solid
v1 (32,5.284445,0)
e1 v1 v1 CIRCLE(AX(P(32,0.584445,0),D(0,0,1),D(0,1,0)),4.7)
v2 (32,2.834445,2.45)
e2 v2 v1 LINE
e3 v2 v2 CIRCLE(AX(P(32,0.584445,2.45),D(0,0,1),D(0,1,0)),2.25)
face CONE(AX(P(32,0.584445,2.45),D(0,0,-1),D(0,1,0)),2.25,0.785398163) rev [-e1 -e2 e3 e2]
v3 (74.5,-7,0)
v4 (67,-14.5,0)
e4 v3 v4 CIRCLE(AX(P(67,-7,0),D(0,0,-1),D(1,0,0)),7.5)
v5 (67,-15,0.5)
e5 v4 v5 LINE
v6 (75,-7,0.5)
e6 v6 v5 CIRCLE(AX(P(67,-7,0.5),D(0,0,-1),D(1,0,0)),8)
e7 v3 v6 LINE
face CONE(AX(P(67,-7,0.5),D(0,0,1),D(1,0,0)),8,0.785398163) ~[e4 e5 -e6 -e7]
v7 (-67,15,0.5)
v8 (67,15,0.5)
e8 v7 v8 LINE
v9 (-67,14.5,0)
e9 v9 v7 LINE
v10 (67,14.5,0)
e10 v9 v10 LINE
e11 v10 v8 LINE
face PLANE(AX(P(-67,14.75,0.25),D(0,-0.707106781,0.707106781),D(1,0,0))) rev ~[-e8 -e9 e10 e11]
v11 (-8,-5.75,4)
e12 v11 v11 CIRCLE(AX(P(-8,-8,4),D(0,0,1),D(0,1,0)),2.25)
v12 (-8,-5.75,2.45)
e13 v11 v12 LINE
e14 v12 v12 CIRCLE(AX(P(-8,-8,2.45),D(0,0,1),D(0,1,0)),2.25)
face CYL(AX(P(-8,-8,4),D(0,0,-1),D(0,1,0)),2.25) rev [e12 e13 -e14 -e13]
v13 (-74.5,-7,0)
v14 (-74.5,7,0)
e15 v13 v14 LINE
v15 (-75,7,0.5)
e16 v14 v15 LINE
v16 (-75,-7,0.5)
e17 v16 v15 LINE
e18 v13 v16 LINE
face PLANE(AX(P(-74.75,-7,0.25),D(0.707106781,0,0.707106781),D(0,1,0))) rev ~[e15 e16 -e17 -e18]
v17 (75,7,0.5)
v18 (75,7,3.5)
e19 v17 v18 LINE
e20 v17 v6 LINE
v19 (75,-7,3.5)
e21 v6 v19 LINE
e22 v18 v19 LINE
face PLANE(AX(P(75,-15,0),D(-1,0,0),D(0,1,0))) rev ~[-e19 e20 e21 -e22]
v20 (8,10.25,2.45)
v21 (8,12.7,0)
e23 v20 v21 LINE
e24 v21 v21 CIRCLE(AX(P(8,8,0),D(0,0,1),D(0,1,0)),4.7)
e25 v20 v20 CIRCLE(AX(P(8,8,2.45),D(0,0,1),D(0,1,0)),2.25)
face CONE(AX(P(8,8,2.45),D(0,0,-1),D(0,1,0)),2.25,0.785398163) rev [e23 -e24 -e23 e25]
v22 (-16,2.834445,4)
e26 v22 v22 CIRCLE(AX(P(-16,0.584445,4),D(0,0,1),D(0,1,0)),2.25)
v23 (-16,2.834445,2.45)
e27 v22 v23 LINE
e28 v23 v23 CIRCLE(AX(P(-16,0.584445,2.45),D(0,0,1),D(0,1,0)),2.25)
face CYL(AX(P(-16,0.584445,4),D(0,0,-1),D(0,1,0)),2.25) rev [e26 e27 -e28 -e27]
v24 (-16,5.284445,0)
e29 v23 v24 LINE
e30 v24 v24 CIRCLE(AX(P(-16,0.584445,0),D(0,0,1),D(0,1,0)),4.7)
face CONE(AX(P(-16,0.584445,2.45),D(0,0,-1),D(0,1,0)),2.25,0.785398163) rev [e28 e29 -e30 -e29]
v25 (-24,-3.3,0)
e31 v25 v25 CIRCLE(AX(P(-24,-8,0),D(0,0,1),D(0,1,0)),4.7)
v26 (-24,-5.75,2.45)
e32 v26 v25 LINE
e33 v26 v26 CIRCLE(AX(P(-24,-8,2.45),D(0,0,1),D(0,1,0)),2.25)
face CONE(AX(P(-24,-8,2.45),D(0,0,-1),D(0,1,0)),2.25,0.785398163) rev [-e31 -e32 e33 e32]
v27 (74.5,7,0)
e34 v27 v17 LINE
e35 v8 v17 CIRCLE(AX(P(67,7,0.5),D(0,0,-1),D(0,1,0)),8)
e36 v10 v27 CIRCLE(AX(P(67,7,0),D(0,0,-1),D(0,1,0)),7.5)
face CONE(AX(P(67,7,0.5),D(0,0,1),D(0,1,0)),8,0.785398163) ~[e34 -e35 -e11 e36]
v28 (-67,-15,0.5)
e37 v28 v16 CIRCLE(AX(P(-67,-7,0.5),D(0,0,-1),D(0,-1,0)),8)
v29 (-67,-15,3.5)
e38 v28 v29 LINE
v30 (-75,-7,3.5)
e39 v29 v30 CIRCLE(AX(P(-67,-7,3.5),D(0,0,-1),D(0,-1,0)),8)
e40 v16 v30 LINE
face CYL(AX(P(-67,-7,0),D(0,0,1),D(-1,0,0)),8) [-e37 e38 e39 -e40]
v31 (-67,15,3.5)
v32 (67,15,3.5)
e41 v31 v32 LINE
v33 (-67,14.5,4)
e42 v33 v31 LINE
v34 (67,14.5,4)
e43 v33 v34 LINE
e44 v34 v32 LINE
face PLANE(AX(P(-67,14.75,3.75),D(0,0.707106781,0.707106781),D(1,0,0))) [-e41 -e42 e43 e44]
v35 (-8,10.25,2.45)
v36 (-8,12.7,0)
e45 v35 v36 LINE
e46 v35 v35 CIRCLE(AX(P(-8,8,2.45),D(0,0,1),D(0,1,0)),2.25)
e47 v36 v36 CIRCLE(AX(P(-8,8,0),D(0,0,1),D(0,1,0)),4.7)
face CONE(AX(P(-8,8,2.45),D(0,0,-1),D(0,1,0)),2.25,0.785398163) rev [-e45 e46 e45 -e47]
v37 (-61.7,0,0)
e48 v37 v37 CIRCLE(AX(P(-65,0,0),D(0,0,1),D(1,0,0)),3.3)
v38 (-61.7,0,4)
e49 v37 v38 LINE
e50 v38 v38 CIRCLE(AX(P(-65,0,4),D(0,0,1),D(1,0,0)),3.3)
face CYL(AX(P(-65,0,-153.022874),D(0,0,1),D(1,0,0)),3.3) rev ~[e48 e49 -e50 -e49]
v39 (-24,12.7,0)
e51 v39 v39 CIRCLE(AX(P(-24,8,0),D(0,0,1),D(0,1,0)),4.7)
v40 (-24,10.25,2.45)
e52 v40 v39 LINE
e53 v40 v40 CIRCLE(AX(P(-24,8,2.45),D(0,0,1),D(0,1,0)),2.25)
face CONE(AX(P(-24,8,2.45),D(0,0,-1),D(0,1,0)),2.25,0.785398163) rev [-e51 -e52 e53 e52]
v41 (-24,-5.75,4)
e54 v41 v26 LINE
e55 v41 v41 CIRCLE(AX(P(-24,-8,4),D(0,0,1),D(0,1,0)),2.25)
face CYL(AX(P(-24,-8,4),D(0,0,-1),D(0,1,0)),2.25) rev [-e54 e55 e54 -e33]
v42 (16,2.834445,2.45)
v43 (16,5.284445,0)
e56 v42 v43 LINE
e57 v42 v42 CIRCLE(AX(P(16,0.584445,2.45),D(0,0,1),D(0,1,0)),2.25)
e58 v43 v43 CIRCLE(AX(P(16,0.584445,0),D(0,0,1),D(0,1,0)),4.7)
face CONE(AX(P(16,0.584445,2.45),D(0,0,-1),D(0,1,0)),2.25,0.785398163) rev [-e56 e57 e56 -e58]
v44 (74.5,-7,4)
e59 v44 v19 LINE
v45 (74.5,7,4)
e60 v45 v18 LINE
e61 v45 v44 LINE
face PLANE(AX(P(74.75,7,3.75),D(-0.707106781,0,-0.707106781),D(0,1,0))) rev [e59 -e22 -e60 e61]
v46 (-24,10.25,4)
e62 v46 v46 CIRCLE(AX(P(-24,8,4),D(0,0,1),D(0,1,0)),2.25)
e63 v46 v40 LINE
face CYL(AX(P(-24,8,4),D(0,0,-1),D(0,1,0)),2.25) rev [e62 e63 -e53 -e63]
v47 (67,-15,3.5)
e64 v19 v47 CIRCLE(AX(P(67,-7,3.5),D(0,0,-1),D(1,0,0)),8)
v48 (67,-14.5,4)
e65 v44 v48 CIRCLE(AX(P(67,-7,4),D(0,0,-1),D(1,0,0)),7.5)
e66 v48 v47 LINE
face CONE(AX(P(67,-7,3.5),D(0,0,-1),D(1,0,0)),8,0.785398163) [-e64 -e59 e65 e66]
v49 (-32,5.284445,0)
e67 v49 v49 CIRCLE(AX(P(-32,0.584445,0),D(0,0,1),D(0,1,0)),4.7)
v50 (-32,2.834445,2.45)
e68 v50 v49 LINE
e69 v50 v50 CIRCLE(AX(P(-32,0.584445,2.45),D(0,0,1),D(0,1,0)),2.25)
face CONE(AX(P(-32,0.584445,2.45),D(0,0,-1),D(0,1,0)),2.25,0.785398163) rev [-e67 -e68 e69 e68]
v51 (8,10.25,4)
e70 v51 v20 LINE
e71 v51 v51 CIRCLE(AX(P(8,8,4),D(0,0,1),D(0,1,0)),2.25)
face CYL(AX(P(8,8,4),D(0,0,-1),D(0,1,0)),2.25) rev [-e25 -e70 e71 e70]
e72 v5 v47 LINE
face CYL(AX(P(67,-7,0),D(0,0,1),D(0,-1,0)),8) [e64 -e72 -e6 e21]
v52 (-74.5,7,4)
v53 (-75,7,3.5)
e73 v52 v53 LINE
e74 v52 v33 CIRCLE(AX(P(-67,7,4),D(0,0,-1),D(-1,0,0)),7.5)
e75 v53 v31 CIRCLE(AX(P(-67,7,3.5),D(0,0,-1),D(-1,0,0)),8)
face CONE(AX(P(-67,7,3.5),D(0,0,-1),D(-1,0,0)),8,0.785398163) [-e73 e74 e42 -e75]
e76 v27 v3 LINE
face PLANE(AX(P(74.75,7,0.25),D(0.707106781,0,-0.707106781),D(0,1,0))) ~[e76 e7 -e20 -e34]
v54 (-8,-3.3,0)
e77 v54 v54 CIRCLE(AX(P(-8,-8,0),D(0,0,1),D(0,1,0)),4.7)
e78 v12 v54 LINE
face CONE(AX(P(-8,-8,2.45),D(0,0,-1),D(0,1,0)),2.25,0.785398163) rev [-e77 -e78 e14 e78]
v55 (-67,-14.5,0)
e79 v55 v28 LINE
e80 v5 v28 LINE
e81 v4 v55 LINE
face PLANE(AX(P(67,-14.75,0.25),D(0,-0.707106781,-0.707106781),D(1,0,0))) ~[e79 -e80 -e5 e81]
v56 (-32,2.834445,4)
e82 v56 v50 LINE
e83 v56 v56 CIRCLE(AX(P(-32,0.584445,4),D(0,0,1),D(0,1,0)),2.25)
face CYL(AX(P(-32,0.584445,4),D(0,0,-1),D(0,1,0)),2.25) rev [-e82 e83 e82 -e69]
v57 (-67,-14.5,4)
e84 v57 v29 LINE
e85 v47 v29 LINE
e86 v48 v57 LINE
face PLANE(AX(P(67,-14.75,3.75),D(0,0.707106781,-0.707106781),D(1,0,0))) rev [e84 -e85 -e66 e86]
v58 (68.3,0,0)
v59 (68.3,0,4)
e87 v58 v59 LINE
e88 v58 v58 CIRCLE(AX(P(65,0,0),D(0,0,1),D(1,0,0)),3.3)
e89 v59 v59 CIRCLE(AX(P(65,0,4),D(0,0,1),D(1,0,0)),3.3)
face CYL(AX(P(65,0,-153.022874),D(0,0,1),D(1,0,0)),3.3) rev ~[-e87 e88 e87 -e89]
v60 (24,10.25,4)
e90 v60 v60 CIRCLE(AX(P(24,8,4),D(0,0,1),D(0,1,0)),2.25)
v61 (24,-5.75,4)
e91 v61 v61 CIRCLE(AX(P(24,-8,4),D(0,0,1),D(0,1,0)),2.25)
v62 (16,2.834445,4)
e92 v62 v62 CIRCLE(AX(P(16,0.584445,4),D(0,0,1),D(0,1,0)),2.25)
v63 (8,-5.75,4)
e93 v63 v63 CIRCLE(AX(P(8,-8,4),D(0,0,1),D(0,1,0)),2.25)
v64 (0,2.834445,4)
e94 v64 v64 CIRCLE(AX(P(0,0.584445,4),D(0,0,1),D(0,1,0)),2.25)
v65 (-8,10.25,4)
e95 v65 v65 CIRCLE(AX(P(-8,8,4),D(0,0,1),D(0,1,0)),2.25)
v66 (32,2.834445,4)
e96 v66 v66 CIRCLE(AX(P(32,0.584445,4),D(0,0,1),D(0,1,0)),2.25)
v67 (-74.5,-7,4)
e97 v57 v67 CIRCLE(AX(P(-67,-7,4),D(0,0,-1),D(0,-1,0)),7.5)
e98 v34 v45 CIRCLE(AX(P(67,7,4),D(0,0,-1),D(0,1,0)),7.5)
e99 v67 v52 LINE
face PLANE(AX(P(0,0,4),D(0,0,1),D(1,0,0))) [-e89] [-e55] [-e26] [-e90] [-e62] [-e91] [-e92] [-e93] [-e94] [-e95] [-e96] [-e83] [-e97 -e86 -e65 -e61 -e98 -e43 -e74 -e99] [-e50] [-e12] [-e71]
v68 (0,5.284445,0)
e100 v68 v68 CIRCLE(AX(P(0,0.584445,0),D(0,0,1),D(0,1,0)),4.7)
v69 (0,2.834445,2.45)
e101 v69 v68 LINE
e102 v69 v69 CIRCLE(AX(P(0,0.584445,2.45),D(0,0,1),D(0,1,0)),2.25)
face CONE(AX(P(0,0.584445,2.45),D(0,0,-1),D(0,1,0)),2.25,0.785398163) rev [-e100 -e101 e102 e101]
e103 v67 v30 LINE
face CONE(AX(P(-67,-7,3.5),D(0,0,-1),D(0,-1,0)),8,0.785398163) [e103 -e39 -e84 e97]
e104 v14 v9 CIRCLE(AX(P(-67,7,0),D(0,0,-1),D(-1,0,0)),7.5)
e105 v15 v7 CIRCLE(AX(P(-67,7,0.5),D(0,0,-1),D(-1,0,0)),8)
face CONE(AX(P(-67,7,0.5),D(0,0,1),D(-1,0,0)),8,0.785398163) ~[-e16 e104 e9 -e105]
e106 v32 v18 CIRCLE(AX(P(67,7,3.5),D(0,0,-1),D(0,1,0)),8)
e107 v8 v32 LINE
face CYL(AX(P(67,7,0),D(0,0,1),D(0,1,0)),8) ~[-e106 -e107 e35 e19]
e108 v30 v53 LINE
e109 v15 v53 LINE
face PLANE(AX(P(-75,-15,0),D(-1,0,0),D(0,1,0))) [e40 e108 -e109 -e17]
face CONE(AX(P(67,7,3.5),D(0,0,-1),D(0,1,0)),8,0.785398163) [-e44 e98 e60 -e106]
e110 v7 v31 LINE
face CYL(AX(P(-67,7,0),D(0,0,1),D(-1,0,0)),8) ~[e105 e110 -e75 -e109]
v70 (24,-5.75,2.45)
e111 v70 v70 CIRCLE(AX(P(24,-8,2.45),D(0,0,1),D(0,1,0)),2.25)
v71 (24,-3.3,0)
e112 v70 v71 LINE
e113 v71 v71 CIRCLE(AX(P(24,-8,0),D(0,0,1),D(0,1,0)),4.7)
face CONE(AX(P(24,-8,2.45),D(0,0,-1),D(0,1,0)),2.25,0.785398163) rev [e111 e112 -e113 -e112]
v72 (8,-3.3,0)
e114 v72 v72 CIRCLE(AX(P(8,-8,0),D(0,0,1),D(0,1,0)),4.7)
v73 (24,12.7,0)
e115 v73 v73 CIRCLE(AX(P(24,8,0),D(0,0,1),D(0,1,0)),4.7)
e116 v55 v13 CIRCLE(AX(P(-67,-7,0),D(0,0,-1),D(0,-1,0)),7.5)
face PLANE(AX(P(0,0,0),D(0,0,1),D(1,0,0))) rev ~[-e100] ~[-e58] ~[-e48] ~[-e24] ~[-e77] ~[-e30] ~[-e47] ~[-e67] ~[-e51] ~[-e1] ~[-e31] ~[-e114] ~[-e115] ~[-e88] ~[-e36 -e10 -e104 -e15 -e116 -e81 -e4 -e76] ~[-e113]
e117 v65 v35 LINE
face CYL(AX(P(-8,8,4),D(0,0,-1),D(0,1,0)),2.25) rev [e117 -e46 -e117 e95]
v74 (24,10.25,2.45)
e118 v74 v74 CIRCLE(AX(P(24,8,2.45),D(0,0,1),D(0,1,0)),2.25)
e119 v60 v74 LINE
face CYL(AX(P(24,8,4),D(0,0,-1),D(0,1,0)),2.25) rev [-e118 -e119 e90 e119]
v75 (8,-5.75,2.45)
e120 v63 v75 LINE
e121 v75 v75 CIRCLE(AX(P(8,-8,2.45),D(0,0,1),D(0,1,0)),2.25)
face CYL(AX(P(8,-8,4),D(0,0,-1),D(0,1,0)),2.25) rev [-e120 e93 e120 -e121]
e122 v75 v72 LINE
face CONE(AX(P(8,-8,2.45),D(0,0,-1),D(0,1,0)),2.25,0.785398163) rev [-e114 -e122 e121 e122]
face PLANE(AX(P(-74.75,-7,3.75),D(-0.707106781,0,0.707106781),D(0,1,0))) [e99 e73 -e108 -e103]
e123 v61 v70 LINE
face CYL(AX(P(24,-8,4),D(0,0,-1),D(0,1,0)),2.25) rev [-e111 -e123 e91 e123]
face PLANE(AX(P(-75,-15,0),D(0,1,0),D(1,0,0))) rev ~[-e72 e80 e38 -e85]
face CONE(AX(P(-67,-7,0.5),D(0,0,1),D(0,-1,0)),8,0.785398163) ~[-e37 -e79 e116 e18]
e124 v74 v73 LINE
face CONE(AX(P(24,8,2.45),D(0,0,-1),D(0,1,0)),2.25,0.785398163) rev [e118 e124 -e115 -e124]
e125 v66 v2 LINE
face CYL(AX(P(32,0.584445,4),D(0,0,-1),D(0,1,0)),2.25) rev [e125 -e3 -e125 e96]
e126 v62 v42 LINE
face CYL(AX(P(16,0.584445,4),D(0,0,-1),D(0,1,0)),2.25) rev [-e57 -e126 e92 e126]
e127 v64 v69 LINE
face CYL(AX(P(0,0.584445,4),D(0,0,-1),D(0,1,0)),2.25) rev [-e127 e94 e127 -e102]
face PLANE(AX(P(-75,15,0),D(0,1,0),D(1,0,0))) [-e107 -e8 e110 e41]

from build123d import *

# Parameters (mm, degrees)
ESQUISSE1_W                                 = 150
ESQUISSE1_H                                 = 30
BOSS_EXTRU_1_DEPTH                          = 4
FRAISAGE_POUR_VIS_T_TE_FRAIS_E_M41_AT_COUNT = 2
FRAISAGE_POUR_VIS_T_TE_FRAIS_E_M41_AT_PITCH = 16
FRAISAGE_POUR_VIS_T_TE_FRAIS_E_M41_2_COUNT  = 2
FRAISAGE_POUR_VIS_T_TE_FRAIS_E_M41_2_PITCH  = 10.908274416
FRAISAGE_POUR_VIS_T_TE_FRAIS_E_M41_3_COUNT  = 2
FRAISAGE_POUR_VIS_T_TE_FRAIS_E_M41_3_PITCH  = 10.908274416
FRAISAGE_POUR_VIS_T_TE_FRAIS_E_M41_4_COUNT  = 2
FRAISAGE_POUR_VIS_T_TE_FRAIS_E_M41_4_PITCH  = 16
FRAISAGE_POUR_VIS_T_TE_FRAIS_E_M41_5_COUNT  = 2
FRAISAGE_POUR_VIS_T_TE_FRAIS_E_M41_5_PITCH  = 22.627416998
FRAISAGE_POUR_VIS_T_TE_FRAIS_E_M41_6_COUNT  = 2
FRAISAGE_POUR_VIS_T_TE_FRAIS_E_M41_6_PITCH  = 25.119523298
FRAISAGE_POUR_VIS_T_TE_FRAIS_E_M41_7_COUNT  = 2
FRAISAGE_POUR_VIS_T_TE_FRAIS_E_M41_7_PITCH  = 16
FRAISAGE_POUR_VIS_T_TE_FRAIS_E_M41_8_COUNT  = 2
FRAISAGE_POUR_VIS_T_TE_FRAIS_E_M41_8_PITCH  = 25.119523298
FRAISAGE_POUR_VIS_T_TE_FRAIS_E_M41_9_COUNT  = 2
FRAISAGE_POUR_VIS_T_TE_FRAIS_E_M41_9_PITCH  = 22.627416998
FRAISAGE_POUR_VIS_T_TE_FRAIS_E_M41_10_COUNT = 2
FRAISAGE_POUR_VIS_T_TE_FRAIS_E_M41_10_PITCH = 32
FRAISAGE_POUR_VIS_T_TE_FRAIS_E_M41_11_COUNT = 2
FRAISAGE_POUR_VIS_T_TE_FRAIS_E_M41_11_PITCH = 40.681573848
FRAISAGE_POUR_VIS_T_TE_FRAIS_E_M41_12_COUNT = 2
FRAISAGE_POUR_VIS_T_TE_FRAIS_E_M41_12_PITCH = 35.77708764
D_GAGEMENT_M61_D                            = 6.6
CONG_1_R                                    = 8
CHANFREIN1_SIZE                             = 0.5


with BuildPart() as part:
    # Esquisse1 → Boss.-Extru.1 (new body)
    with BuildSketch(Plane.XY):
        Rectangle(ESQUISSE1_W, ESQUISSE1_H)
    extrude(amount=BOSS_EXTRU_1_DEPTH)

    # Esquisse3 → Fraisage pour vis à tête fraisée M41 (revolve, cut)
    with BuildSketch(Plane(origin=(8, 8, 0), x_dir=(0, 1, 0), z_dir=(1, 0, 0))):
        Polygon((0, 0), (0, 4), (2.25, 4), (2.25, 2.45), (4.7, 0), align=None)
    fraisage_pour_vis_t_te_frais_e_m41 = revolve(axis=Axis((8, 8, -6.35), (0, 0, 1)), mode=Mode.SUBTRACT)

    # Fraisage pour vis à tête fraisée M41 at: Fraisage pour vis à tête fraisée M41 ×2
    with Locations(*[(0, -i * FRAISAGE_POUR_VIS_T_TE_FRAIS_E_M41_AT_PITCH, 0) for i in range(1, FRAISAGE_POUR_VIS_T_TE_FRAIS_E_M41_AT_COUNT)]):
        add(fraisage_pour_vis_t_te_frais_e_m41, mode=Mode.SUBTRACT)

    # Fraisage pour vis _ t_te frais_e M41 2: Fraisage pour vis à tête fraisée M41 ×2
    with Locations(*[Vector(0.733388224, -0.679810057, 0) * (i * FRAISAGE_POUR_VIS_T_TE_FRAIS_E_M41_2_PITCH) for i in range(1, FRAISAGE_POUR_VIS_T_TE_FRAIS_E_M41_2_COUNT)]):
        add(fraisage_pour_vis_t_te_frais_e_m41, mode=Mode.SUBTRACT)

    # Fraisage pour vis _ t_te frais_e M41 3: Fraisage pour vis à tête fraisée M41 ×2
    with Locations(*[Vector(-0.733388224, -0.679810057, 0) * (i * FRAISAGE_POUR_VIS_T_TE_FRAIS_E_M41_3_PITCH) for i in range(1, FRAISAGE_POUR_VIS_T_TE_FRAIS_E_M41_3_COUNT)]):
        add(fraisage_pour_vis_t_te_frais_e_m41, mode=Mode.SUBTRACT)

    # Fraisage pour vis _ t_te frais_e M41 4: Fraisage pour vis à tête fraisée M41 ×2
    with Locations(*[(-i * FRAISAGE_POUR_VIS_T_TE_FRAIS_E_M41_4_PITCH, 0, 0) for i in range(1, FRAISAGE_POUR_VIS_T_TE_FRAIS_E_M41_4_COUNT)]):
        add(fraisage_pour_vis_t_te_frais_e_m41, mode=Mode.SUBTRACT)

    # Fraisage pour vis _ t_te frais_e M41 5: Fraisage pour vis à tête fraisée M41 ×2
    with Locations(*[Vector(-0.707106781, -0.707106781, 0) * (i * FRAISAGE_POUR_VIS_T_TE_FRAIS_E_M41_5_PITCH) for i in range(1, FRAISAGE_POUR_VIS_T_TE_FRAIS_E_M41_5_COUNT)]):
        add(fraisage_pour_vis_t_te_frais_e_m41, mode=Mode.SUBTRACT)

    # Fraisage pour vis _ t_te frais_e M41 6: Fraisage pour vis à tête fraisée M41 ×2
    with Locations(*[Vector(-0.955432144, -0.295210803, 0) * (i * FRAISAGE_POUR_VIS_T_TE_FRAIS_E_M41_6_PITCH) for i in range(1, FRAISAGE_POUR_VIS_T_TE_FRAIS_E_M41_6_COUNT)]):
        add(fraisage_pour_vis_t_te_frais_e_m41, mode=Mode.SUBTRACT)

    # Fraisage pour vis _ t_te frais_e M41 7: Fraisage pour vis à tête fraisée M41 ×2
    with Locations(*[(i * FRAISAGE_POUR_VIS_T_TE_FRAIS_E_M41_7_PITCH, 0, 0) for i in range(1, FRAISAGE_POUR_VIS_T_TE_FRAIS_E_M41_7_COUNT)]):
        add(fraisage_pour_vis_t_te_frais_e_m41, mode=Mode.SUBTRACT)

    # Fraisage pour vis _ t_te frais_e M41 8: Fraisage pour vis à tête fraisée M41 ×2
    with Locations(*[Vector(0.955432144, -0.295210803, 0) * (i * FRAISAGE_POUR_VIS_T_TE_FRAIS_E_M41_8_PITCH) for i in range(1, FRAISAGE_POUR_VIS_T_TE_FRAIS_E_M41_8_COUNT)]):
        add(fraisage_pour_vis_t_te_frais_e_m41, mode=Mode.SUBTRACT)

    # Fraisage pour vis _ t_te frais_e M41 9: Fraisage pour vis à tête fraisée M41 ×2
    with Locations(*[Vector(0.707106781, -0.707106781, 0) * (i * FRAISAGE_POUR_VIS_T_TE_FRAIS_E_M41_9_PITCH) for i in range(1, FRAISAGE_POUR_VIS_T_TE_FRAIS_E_M41_9_COUNT)]):
        add(fraisage_pour_vis_t_te_frais_e_m41, mode=Mode.SUBTRACT)

    # Fraisage pour vis _ t_te frais_e M41 10: Fraisage pour vis à tête fraisée M41 ×2
    with Locations(*[(-i * FRAISAGE_POUR_VIS_T_TE_FRAIS_E_M41_10_PITCH, 0, 0) for i in range(1, FRAISAGE_POUR_VIS_T_TE_FRAIS_E_M41_10_COUNT)]):
        add(fraisage_pour_vis_t_te_frais_e_m41, mode=Mode.SUBTRACT)

    # Fraisage pour vis _ t_te frais_e M41 11: Fraisage pour vis à tête fraisée M41 ×2
    with Locations(*[Vector(-0.983246129, -0.182282885, 0) * (i * FRAISAGE_POUR_VIS_T_TE_FRAIS_E_M41_11_PITCH) for i in range(1, FRAISAGE_POUR_VIS_T_TE_FRAIS_E_M41_11_COUNT)]):
        add(fraisage_pour_vis_t_te_frais_e_m41, mode=Mode.SUBTRACT)

    # Fraisage pour vis _ t_te frais_e M41 12: Fraisage pour vis à tête fraisée M41 ×2
    with Locations(*[Vector(-0.894427191, -0.447213595, 0) * (i * FRAISAGE_POUR_VIS_T_TE_FRAIS_E_M41_12_PITCH) for i in range(1, FRAISAGE_POUR_VIS_T_TE_FRAIS_E_M41_12_COUNT)]):
        add(fraisage_pour_vis_t_te_frais_e_m41, mode=Mode.SUBTRACT)

    # Dégagement M61 (through all)
    with Locations(Plane(origin=(0, 0, 0), x_dir=(-1, 0, 0), z_dir=(0, 0, -1))):
        with Locations((-65, 0), (65, 0)):
            Hole(D_GAGEMENT_M61_D / 2)

    # Congé1
    cong_1_edges = [part.edges().sort_by_distance(p)[0] for p in [
        (-75, 15, 2),
        (75, 15, 2),
        (75, -15, 2),
        (-75, -15, 2),
    ]]
    fillet(cong_1_edges, radius=CONG_1_R)

    # Chanfrein1
    chanfrein1_edges = [part.edges().sort_by_distance(p)[0] for p in [
        (0, 15, 0),
        (0, 15, 4),
        (-75, 0, 0),
        (75, 0, 0),
        (0, -15, 0),
        (-72.656854249, 12.656854249, 0),
        (-72.656854249, -12.656854249, 0),
        (72.656854249, -12.656854249, 0),
        (72.656854249, 12.656854249, 0),
        (75, 0, 4),
        (-75, 0, 4),
        (0, -15, 4),
        (-72.656854249, 12.656854249, 4),
        (-72.656854249, -12.656854249, 4),
        (72.656854249, -12.656854249, 4),
        (72.656854249, 12.656854249, 4),
    ]]
    chamfer(chanfrein1_edges, length=CHANFREIN1_SIZE)


solid = part.part
